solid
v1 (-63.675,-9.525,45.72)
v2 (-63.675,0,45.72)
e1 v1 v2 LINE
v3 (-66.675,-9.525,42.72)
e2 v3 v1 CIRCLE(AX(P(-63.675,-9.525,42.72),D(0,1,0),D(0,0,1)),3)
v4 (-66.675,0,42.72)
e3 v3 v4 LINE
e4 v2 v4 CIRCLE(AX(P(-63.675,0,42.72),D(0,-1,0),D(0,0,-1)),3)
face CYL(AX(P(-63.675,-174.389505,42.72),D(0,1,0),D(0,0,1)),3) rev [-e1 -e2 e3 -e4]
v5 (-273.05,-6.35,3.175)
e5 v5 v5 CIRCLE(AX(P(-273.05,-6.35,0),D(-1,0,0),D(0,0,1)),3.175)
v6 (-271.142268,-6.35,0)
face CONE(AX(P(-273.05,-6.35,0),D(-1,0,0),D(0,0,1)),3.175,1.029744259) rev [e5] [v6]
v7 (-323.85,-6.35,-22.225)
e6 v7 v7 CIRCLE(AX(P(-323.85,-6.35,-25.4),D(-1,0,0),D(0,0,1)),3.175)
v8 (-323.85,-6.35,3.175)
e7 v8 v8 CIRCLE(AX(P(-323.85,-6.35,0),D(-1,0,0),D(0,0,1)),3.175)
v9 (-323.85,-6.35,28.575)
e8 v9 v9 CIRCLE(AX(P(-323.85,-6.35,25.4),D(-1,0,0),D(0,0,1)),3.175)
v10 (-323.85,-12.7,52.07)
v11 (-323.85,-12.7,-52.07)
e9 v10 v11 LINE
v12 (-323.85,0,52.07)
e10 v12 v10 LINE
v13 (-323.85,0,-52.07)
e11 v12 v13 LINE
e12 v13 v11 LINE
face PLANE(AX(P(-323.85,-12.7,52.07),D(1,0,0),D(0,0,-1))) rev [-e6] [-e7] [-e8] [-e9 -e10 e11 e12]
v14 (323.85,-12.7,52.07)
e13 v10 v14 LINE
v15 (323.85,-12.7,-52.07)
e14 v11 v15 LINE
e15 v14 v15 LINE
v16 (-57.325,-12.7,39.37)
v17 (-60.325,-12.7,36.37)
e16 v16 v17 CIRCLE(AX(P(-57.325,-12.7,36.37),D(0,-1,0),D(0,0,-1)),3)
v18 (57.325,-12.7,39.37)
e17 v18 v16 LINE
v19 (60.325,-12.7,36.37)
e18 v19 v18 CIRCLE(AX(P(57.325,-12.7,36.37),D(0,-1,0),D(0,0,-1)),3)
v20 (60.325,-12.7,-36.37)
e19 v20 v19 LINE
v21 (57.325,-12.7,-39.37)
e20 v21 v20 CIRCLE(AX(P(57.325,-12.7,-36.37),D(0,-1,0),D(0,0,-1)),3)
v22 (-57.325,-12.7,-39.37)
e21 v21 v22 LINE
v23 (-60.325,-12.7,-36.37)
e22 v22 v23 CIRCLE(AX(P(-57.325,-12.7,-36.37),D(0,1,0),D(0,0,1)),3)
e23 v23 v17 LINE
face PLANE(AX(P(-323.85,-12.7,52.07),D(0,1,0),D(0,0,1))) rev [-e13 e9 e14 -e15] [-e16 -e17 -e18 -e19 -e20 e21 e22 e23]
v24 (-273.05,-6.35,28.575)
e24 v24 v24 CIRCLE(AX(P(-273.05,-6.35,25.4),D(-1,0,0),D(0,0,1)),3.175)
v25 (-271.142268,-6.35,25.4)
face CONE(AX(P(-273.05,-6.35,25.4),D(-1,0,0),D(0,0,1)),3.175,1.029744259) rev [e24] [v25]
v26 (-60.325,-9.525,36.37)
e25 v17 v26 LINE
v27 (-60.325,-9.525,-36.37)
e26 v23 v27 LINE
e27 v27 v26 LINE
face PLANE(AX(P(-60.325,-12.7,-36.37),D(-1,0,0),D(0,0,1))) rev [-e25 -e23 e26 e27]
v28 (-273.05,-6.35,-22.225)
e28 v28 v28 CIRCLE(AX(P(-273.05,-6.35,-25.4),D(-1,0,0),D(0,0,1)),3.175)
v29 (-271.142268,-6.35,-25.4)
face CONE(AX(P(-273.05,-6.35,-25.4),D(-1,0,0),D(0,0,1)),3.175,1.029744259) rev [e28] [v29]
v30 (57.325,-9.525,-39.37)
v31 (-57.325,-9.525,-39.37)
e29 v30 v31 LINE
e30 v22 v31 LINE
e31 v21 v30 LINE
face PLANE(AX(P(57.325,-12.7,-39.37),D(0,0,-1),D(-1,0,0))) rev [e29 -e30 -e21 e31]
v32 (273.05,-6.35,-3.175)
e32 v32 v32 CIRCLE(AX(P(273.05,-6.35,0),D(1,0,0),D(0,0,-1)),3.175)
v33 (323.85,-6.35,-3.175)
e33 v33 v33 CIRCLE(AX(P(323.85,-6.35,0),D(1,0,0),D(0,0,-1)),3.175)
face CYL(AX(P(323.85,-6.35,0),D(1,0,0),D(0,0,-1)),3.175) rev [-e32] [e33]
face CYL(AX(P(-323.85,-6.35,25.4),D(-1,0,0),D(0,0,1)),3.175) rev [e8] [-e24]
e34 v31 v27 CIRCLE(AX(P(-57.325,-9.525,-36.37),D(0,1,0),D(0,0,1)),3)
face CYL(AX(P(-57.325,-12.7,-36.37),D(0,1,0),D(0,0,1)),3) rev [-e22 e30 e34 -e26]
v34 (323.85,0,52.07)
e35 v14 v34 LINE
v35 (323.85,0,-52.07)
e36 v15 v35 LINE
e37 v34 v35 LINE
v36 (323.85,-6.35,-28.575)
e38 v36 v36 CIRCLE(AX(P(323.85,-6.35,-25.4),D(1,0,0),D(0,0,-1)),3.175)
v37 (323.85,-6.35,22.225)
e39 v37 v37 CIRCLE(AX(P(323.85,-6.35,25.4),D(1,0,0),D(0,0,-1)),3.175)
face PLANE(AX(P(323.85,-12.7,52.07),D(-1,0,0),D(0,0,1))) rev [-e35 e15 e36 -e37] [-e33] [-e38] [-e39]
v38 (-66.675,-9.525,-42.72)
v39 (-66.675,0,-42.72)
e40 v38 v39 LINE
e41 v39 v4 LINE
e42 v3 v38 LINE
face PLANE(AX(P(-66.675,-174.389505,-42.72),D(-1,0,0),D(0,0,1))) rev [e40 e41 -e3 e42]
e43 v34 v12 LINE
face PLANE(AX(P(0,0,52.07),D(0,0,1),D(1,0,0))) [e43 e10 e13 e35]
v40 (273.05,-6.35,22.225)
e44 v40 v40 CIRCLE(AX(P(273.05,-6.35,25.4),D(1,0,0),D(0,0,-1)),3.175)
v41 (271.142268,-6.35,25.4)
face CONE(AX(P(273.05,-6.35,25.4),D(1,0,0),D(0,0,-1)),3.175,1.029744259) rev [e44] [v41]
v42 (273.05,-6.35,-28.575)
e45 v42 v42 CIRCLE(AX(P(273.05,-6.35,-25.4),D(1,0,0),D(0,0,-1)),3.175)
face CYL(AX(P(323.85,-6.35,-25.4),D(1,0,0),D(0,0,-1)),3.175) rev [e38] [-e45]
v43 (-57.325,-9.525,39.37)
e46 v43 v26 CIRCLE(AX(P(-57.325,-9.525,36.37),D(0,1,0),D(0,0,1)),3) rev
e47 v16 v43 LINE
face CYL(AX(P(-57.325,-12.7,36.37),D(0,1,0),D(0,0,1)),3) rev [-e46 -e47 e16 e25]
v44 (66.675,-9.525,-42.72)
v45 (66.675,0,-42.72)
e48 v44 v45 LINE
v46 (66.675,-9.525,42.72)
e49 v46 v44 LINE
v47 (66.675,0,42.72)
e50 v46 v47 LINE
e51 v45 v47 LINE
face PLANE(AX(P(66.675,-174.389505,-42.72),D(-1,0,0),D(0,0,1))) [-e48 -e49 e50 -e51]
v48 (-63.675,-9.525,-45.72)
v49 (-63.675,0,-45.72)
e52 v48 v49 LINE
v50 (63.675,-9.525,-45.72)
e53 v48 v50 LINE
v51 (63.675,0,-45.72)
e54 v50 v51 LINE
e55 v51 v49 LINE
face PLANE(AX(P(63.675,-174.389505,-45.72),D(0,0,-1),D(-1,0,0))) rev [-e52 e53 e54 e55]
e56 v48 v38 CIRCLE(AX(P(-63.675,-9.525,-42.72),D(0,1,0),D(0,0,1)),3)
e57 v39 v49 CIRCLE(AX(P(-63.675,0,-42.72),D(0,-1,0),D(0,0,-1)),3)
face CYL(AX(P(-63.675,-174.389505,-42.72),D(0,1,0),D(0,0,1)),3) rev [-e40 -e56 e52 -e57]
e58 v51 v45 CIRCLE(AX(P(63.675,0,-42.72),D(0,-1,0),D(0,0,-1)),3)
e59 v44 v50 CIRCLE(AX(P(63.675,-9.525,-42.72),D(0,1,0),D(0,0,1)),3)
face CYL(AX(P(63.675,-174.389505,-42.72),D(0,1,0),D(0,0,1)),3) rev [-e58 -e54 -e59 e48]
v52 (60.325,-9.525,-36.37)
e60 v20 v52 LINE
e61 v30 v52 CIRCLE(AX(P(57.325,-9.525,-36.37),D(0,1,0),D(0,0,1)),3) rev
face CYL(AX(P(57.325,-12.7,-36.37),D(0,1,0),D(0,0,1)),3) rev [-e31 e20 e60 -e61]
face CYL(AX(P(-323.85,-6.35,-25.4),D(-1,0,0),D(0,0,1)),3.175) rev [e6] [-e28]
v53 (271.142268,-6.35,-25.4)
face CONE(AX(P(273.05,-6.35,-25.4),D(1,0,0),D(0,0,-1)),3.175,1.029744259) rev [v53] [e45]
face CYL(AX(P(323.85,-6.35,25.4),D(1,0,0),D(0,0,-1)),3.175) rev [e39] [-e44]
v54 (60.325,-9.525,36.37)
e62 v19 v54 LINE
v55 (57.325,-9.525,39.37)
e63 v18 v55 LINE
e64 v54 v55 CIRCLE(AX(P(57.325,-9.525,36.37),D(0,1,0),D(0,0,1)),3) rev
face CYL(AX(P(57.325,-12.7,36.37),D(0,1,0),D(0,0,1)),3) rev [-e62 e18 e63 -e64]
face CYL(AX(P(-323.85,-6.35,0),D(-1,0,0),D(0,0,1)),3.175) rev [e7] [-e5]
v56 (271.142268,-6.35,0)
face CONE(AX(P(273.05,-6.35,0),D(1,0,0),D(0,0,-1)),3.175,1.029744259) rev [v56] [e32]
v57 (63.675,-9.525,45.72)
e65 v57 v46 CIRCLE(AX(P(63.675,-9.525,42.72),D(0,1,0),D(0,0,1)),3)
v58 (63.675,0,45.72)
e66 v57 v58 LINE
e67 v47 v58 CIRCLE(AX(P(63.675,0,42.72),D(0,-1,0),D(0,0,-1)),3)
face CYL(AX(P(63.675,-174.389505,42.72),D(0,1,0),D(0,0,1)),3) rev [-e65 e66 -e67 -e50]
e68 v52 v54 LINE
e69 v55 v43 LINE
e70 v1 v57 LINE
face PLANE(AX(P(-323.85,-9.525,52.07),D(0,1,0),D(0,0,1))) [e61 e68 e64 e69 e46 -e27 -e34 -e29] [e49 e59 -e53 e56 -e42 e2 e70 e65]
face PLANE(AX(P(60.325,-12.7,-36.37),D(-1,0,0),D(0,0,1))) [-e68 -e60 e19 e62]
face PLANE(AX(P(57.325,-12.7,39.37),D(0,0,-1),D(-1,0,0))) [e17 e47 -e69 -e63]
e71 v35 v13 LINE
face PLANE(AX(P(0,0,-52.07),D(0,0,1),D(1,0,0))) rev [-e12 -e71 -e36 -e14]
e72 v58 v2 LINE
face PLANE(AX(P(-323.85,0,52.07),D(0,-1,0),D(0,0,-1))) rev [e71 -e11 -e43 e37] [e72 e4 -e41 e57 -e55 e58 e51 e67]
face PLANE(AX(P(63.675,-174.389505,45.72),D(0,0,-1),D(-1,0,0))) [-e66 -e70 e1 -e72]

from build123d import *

# Parameters (mm, degrees)
SKETCH2_W                         = 647.7
SKETCH2_H                         = 12.7
BOSS_EXTRUDE1_DEPTH               = 52.07
CUT_EXTRUDE1_DEPTH                = 9.525
F_1_4_20_THREADED_HOLE_AT_2_COUNT = 2
F_1_4_20_THREADED_HOLE_AT_2_PITCH = 25.4
F_1_4_20_THREADED_HOLE_AT_3_COUNT = 2
F_1_4_20_THREADED_HOLE_AT_3_PITCH = 50.8
CUT_EXTRUDE2_DEPTH                = 329.255079778


with BuildPart() as part:
    # Sketch2 → Boss-Extrude1 (new, symmetric)
    with BuildSketch(Plane.XY):
        with Locations((0, -6.35)):
            Rectangle(SKETCH2_W, SKETCH2_H)
    extrude(amount=BOSS_EXTRUDE1_DEPTH, both=True)

    # Sketch3 → Cut-Extrude1 (cut)
    with BuildSketch(Plane(origin=(0, 0, 0), x_dir=(1, 0, 0), z_dir=(0, 1, 0))):
        with BuildLine():
            Line((63.675, 45.72), (-63.675, 45.72))
            ThreePointArc((-63.675, 45.72), (-65.796320344, 44.841320344), (-66.675, 42.72))
            Line((-66.675, 42.72), (-66.675, -42.72))
            ThreePointArc((-66.675, -42.72), (-65.796320344, -44.841320344), (-63.675, -45.72))
            Line((-63.675, -45.72), (63.675, -45.72))
            ThreePointArc((63.675, -45.72), (65.796320344, -44.841320344), (66.675, -42.72))
            Line((66.675, -42.72), (66.675, 42.72))
            ThreePointArc((66.675, 42.72), (65.796320344, 44.841320344), (63.675, 45.72))
        make_face()
    extrude(amount=-CUT_EXTRUDE1_DEPTH, mode=Mode.SUBTRACT)

    # Sketch6 → 1/4"-20 threaded hole (revolve, cut)
    with BuildSketch(Plane(origin=(-323.85, -6.35, -25.4), x_dir=(0, 0, 1), z_dir=(0, 1, 0))):
        Polygon((0, 0), (0, 52.707732465), (3.175, 50.8), (3.175, 0), align=None)
    f_1_4_20_threaded_hole = revolve(axis=Axis((-330.2, -6.35, -25.4), (1, 0, 0)), mode=Mode.SUBTRACT)

    # 1/4"-20 threaded hole at 2: 1/4"-20 threaded hole ×2
    with Locations(*[(0, 0, i * F_1_4_20_THREADED_HOLE_AT_2_PITCH) for i in range(1, F_1_4_20_THREADED_HOLE_AT_2_COUNT)]):
        add(f_1_4_20_threaded_hole, mode=Mode.SUBTRACT)

    # 1/4"-20 threaded hole at 3: 1/4"-20 threaded hole ×2
    with Locations(*[(0, 0, i * F_1_4_20_THREADED_HOLE_AT_3_PITCH) for i in range(1, F_1_4_20_THREADED_HOLE_AT_3_COUNT)]):
        add(f_1_4_20_threaded_hole, mode=Mode.SUBTRACT)

    # Mirror1: 1/4"-20 threaded hole across plane
    add(f_1_4_20_threaded_hole.mirror(Plane(origin=(0, 0, 0), x_dir=(0, 0, 1), z_dir=(1, 0, 0))), mode=Mode.SUBTRACT)

    # Mirror1 copy 1 sketch → Mirror1 copy 1 (revolve, cut)
    with BuildSketch(Plane(origin=(323.85, -6.35, 0), x_dir=(0, 0, 1), z_dir=(0, 1, 0))):
        Polygon((0, 0), (0, -52.707732465), (3.175, -50.8), (3.175, 0), align=None)
    revolve(axis=Axis((330.2, -6.35, 0), (1, 0, 0)), mode=Mode.SUBTRACT)

    # Mirror1 copy 2 sketch → Mirror1 copy 2 (revolve, cut)
    with BuildSketch(Plane(origin=(323.85, -6.35, 25.4), x_dir=(0, 0, 1), z_dir=(0, 1, 0))):
        Polygon((0, 0), (0, -52.707732465), (3.175, -50.8), (3.175, 0), align=None)
    revolve(axis=Axis((330.2, -6.35, 25.4), (1, 0, 0)), mode=Mode.SUBTRACT)

    # Sketch3<3> → Cut-Extrude2 (cut, through all)
    with BuildSketch(Plane(origin=(0, 0, 0), x_dir=(1, 0, 0), z_dir=(0, 1, 0))):
        with BuildLine():
            Line((57.325, 39.37), (-57.325, 39.37))
            ThreePointArc((-57.325, 39.37), (-59.446320344, 38.491320344), (-60.325, 36.37))
            Line((-60.325, 36.37), (-60.325, -36.37))
            ThreePointArc((-60.325, -36.37), (-59.446320344, -38.491320344), (-57.325, -39.37))
            Line((-57.325, -39.37), (57.325, -39.37))
            ThreePointArc((57.325, -39.37), (59.446320344, -38.491320344), (60.325, -36.37))
            Line((60.325, -36.37), (60.325, 36.37))
            ThreePointArc((60.325, 36.37), (59.446320344, 38.491320344), (57.325, 39.37))
        make_face()
    extrude(amount=-CUT_EXTRUDE2_DEPTH, mode=Mode.SUBTRACT)


solid = part.part
